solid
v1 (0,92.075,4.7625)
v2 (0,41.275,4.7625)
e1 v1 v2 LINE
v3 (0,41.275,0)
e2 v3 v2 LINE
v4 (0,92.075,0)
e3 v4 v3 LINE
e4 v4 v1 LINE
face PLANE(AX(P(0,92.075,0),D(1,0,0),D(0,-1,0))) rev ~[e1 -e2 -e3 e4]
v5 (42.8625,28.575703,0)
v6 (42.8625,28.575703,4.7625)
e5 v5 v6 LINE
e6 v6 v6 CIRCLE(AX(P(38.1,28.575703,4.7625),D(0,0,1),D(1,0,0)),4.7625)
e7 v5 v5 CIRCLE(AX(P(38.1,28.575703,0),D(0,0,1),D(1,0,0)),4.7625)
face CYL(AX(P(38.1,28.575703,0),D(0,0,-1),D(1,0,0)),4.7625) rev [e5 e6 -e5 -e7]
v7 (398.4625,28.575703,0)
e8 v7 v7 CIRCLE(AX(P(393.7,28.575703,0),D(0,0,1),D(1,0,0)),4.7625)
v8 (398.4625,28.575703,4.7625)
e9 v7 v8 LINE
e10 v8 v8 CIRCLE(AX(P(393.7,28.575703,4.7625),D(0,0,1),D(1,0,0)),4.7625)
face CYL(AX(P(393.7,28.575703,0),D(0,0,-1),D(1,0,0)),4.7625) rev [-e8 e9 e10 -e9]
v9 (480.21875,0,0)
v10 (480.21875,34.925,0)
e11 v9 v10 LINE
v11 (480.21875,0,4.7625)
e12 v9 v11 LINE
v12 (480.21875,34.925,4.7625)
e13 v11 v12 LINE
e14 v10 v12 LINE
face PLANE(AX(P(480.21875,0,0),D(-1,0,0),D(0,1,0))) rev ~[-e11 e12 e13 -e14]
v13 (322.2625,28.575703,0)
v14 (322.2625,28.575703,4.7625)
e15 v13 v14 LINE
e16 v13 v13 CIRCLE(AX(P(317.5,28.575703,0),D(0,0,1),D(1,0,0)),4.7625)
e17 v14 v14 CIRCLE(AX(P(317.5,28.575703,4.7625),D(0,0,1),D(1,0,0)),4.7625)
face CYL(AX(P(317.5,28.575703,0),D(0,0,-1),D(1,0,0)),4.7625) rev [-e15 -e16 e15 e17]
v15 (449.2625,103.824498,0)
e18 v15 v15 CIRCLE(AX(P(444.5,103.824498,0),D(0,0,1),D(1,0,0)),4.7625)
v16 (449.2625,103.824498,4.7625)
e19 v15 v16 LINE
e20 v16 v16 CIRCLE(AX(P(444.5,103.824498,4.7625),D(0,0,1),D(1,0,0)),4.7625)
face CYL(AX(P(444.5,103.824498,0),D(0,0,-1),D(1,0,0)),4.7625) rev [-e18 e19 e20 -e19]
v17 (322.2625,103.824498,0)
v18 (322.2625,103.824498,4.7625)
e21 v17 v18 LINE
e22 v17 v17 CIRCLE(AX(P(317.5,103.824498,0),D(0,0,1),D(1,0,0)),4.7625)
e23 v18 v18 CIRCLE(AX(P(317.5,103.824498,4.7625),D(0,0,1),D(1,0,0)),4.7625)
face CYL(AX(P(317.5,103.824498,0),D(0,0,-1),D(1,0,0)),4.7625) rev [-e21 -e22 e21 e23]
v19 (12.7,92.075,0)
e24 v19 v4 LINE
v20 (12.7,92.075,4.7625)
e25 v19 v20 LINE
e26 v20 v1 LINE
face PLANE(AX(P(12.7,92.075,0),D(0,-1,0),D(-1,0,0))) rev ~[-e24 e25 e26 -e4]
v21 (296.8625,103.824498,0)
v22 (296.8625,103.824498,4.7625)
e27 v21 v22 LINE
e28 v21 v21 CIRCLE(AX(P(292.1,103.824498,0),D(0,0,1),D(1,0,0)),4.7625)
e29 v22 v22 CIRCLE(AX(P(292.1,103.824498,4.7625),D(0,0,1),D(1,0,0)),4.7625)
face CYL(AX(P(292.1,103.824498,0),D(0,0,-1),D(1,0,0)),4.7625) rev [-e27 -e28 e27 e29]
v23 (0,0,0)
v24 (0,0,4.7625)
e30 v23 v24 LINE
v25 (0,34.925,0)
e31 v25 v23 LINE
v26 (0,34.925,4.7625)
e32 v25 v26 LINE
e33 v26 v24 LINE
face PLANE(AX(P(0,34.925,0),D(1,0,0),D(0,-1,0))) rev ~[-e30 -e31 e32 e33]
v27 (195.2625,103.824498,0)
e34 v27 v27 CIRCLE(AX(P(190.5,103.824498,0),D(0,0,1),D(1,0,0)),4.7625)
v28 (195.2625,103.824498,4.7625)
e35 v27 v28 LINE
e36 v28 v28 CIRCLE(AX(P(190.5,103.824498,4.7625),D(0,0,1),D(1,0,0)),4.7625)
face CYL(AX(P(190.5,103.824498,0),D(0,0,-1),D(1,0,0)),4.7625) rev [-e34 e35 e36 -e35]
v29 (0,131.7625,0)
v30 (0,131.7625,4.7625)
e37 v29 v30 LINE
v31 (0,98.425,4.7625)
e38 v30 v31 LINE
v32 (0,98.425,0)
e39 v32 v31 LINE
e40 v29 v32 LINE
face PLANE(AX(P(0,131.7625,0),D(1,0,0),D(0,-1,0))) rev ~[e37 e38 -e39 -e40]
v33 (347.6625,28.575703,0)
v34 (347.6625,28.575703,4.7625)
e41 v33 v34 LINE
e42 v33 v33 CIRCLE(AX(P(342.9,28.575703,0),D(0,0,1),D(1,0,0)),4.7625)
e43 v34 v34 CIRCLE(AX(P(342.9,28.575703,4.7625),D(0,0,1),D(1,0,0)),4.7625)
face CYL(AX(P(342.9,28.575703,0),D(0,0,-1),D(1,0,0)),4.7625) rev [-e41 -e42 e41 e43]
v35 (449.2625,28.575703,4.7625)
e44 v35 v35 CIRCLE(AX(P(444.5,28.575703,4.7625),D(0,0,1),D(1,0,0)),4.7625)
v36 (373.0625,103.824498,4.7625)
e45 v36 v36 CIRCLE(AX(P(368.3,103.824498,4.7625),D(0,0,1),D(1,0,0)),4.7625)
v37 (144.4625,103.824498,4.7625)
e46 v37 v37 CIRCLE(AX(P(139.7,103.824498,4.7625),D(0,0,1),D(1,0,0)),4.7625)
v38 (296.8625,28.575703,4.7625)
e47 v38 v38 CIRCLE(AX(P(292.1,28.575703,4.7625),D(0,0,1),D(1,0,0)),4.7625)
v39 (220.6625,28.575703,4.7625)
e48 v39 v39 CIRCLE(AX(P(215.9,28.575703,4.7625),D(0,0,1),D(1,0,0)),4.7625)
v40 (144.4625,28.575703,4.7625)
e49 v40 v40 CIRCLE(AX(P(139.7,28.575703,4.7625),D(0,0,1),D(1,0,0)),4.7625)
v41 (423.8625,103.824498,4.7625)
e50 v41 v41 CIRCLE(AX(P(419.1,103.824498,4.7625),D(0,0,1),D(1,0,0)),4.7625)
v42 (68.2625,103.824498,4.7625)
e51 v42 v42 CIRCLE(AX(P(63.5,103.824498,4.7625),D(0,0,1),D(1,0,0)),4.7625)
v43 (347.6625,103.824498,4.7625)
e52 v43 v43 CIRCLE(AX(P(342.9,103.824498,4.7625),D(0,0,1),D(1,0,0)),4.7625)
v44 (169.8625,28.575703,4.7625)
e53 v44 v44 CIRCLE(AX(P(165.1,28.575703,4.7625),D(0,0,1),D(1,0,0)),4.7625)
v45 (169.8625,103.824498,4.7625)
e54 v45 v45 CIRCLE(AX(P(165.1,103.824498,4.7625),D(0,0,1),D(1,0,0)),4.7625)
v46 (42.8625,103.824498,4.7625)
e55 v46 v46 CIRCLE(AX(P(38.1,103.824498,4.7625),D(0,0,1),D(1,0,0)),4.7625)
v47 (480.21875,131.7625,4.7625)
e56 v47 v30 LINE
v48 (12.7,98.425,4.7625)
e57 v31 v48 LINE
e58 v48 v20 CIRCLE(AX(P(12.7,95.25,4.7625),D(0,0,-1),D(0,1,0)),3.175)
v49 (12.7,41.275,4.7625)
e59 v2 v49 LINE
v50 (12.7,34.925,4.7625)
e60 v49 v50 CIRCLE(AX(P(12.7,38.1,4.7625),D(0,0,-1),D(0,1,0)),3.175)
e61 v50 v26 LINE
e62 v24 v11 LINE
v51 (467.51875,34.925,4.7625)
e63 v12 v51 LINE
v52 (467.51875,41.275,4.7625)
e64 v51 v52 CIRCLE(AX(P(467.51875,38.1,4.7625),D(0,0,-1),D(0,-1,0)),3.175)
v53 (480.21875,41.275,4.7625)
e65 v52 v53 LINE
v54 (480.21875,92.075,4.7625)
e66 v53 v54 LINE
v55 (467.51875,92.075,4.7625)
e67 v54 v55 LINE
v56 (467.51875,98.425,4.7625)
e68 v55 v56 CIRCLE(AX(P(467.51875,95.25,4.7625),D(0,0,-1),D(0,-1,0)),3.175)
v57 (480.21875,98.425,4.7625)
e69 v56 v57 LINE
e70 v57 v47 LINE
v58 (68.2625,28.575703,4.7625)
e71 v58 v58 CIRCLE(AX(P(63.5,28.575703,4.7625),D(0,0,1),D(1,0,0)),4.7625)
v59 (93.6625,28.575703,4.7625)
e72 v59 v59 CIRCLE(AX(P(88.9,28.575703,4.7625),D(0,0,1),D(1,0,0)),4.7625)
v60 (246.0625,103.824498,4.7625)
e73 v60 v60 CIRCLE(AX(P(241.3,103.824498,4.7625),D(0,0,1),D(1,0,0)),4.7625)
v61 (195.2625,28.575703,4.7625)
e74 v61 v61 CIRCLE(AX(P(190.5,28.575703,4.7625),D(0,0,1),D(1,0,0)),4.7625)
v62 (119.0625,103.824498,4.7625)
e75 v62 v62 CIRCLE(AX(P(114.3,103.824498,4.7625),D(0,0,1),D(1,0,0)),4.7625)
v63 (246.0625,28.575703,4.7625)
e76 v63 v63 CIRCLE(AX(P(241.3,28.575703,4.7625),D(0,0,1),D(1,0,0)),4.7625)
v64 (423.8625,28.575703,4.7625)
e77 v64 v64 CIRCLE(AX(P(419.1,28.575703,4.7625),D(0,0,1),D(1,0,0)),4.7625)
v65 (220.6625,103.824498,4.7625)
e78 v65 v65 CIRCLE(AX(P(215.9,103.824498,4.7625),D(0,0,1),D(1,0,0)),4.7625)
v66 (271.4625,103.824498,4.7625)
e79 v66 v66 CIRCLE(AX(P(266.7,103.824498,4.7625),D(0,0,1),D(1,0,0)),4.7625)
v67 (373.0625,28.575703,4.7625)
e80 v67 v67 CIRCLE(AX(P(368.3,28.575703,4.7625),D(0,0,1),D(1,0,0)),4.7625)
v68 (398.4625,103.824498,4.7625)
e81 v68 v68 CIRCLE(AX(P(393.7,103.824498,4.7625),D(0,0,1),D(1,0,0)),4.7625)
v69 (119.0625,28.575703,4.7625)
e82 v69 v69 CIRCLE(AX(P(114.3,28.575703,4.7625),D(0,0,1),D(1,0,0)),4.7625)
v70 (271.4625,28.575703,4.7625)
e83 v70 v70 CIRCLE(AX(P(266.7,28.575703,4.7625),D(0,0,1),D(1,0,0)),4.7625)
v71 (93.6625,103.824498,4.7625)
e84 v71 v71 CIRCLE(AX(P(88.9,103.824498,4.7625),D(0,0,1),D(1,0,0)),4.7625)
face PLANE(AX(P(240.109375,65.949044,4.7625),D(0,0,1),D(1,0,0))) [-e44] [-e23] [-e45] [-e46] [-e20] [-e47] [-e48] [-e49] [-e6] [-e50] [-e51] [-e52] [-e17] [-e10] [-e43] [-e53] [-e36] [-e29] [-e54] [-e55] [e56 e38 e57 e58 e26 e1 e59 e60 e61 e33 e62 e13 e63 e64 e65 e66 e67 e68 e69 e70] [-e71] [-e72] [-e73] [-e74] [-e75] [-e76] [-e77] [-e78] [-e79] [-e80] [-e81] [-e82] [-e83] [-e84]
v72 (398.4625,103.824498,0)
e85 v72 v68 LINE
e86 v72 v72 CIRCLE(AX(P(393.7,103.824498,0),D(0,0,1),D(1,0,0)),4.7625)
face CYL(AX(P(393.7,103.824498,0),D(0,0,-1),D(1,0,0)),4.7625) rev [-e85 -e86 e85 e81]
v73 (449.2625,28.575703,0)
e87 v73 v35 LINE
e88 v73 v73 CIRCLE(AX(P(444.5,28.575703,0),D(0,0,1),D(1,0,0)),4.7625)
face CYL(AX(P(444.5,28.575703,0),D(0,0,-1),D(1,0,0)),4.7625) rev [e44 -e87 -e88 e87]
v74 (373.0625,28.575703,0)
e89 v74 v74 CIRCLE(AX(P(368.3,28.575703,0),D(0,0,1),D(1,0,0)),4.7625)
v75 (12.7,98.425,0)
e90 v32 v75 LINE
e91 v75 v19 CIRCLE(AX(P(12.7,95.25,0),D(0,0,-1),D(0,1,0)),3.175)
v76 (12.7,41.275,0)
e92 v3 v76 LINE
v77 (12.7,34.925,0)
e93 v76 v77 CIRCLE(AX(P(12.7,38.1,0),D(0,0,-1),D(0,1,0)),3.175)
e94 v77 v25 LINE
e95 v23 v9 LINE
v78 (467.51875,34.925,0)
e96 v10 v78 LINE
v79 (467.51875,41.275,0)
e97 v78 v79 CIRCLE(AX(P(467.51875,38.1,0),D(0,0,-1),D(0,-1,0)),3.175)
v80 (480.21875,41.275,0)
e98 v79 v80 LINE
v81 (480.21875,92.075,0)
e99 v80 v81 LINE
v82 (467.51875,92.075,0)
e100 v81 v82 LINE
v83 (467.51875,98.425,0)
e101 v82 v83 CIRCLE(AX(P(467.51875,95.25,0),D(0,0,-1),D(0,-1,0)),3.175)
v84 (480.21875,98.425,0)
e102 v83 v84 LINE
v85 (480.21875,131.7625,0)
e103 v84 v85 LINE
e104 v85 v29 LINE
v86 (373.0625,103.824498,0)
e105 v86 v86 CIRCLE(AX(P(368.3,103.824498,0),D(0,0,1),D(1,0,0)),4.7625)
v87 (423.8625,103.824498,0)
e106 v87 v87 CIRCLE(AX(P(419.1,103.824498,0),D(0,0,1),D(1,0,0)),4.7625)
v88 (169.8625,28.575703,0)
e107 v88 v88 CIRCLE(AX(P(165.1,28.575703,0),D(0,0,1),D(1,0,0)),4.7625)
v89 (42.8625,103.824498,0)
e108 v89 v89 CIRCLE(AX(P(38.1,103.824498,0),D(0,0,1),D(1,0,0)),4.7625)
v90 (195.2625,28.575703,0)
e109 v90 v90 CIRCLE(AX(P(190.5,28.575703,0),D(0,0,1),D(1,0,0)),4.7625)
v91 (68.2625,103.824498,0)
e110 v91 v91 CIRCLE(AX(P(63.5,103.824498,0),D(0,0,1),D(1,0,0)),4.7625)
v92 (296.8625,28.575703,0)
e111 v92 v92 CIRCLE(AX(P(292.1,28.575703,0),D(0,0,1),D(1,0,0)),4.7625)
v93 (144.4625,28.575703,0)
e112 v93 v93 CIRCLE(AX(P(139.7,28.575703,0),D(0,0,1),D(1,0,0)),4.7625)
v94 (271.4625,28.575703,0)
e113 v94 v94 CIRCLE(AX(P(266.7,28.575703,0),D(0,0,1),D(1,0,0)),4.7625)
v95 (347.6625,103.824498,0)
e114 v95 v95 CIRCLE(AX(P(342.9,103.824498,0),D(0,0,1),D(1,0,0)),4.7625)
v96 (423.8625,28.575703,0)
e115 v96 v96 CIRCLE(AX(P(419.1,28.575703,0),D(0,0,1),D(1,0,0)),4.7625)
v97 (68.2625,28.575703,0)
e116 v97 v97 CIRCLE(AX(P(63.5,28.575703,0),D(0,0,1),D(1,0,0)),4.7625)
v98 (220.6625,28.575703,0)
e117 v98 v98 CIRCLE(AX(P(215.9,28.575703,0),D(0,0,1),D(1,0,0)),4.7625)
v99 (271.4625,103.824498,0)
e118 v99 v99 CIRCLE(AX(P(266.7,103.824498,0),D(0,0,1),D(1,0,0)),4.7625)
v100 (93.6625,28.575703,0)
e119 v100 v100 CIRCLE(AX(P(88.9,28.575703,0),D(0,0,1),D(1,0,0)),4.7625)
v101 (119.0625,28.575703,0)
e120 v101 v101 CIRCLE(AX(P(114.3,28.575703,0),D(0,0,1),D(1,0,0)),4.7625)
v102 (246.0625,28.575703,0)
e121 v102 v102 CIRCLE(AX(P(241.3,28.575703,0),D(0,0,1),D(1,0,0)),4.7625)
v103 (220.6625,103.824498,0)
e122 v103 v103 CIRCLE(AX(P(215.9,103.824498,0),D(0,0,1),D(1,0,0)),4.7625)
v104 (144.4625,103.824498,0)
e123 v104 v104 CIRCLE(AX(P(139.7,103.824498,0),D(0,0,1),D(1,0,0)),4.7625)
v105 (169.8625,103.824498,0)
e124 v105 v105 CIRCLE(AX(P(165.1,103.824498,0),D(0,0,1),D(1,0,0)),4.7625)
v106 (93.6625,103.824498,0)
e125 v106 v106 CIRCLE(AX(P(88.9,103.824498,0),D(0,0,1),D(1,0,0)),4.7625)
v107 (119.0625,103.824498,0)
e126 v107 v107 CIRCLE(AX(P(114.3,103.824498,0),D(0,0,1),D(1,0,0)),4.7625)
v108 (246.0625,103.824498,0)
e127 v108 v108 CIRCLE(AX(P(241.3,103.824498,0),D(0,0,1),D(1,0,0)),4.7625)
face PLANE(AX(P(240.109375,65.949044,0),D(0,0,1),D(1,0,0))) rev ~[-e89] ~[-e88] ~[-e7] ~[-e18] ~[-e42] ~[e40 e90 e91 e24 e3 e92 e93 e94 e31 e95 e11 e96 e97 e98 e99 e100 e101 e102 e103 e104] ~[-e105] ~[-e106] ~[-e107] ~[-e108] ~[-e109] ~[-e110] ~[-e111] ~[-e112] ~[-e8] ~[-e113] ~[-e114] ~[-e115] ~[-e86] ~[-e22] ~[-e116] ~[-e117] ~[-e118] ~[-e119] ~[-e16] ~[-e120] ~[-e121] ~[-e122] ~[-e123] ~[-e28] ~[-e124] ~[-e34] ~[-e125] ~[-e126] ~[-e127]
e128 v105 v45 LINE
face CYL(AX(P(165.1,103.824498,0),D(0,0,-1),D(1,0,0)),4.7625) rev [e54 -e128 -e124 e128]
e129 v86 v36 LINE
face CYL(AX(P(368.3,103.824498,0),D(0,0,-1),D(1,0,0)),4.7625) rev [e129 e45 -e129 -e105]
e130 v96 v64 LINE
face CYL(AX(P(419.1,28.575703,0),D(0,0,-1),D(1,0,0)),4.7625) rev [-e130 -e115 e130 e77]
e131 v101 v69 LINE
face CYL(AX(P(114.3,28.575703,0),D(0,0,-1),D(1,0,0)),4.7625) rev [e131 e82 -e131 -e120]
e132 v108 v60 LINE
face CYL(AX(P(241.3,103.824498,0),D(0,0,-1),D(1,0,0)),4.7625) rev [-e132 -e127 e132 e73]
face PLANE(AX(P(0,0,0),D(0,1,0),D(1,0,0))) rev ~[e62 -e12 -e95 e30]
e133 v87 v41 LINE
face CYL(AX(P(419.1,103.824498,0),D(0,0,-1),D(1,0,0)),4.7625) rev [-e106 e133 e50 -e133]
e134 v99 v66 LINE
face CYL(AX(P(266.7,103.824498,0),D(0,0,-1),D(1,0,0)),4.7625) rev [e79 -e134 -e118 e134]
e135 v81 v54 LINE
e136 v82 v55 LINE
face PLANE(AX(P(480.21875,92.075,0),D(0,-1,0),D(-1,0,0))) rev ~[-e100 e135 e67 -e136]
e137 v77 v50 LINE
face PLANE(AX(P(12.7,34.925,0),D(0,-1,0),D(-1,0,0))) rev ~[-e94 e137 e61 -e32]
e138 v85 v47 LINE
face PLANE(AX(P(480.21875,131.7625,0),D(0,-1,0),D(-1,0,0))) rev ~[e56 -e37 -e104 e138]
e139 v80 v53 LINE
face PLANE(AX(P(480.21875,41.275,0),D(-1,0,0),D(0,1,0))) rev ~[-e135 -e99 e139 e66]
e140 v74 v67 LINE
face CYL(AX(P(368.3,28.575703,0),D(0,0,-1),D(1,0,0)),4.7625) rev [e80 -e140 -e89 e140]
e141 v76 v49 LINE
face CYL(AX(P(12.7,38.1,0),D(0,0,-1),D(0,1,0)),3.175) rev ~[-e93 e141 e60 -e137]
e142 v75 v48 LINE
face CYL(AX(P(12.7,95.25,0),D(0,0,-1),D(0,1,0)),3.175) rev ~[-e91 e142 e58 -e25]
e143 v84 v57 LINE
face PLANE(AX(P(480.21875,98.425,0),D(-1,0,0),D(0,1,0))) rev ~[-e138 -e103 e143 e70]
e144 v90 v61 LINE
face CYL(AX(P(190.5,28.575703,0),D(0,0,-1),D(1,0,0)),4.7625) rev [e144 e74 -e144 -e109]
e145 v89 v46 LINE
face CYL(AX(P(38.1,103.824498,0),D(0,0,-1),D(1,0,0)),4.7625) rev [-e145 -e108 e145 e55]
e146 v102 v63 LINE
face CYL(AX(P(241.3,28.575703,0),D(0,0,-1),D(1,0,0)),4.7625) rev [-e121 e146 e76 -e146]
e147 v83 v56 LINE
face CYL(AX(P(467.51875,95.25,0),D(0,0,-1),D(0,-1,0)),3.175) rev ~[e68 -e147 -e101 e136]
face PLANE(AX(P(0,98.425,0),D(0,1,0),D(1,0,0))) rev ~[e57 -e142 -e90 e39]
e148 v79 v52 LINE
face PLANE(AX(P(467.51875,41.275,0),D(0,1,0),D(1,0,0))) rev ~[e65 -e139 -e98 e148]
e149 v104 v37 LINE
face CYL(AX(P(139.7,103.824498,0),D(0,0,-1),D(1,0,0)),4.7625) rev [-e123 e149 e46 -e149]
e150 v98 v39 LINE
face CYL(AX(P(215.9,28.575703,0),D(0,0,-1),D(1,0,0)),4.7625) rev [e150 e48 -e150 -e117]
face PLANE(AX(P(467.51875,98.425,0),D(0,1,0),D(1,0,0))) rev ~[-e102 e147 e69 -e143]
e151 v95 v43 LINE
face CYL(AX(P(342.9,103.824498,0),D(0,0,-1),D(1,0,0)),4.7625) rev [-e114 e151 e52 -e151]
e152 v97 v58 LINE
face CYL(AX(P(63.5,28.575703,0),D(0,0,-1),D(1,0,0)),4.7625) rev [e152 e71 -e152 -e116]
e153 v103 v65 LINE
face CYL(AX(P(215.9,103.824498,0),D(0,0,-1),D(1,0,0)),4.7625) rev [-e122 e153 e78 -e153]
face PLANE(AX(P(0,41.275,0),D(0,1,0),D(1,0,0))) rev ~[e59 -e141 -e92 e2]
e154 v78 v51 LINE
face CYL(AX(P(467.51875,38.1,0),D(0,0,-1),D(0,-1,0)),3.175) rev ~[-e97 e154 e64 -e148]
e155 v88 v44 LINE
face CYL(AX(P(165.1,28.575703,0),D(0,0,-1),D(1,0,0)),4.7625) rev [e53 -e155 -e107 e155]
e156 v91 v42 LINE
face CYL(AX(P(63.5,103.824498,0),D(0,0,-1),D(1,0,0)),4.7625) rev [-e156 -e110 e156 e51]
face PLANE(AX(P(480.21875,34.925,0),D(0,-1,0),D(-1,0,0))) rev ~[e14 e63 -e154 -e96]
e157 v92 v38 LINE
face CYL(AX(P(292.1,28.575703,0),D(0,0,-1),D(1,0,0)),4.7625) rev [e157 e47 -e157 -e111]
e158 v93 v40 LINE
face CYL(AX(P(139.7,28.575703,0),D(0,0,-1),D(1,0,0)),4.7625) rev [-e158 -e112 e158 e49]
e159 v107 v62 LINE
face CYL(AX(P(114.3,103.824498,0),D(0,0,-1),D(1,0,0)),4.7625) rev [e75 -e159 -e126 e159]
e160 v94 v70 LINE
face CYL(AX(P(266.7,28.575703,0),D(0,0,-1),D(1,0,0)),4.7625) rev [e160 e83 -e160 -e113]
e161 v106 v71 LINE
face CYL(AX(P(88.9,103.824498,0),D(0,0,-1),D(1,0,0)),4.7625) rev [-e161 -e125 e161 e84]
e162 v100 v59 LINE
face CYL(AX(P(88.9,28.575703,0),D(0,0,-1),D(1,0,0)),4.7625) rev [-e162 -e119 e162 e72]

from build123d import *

# Parameters (mm, degrees)
SKETCH1_R           = 4.7625
BOSS_EXTRUDE1_DEPTH = 4.7625


with BuildPart() as part:
    # Sketch1 → Boss-Extrude1 (new body)
    with BuildSketch(Plane.XY):
        with BuildLine():
            Line((0, 98.425), (12.7, 98.425))
            ThreePointArc((12.7, 98.425), (15.875, 95.25), (12.7, 92.075))
            Line((12.7, 92.075), (0, 92.075))
            Line((0, 92.075), (0, 41.275))
            Line((0, 41.275), (12.7, 41.275))
            ThreePointArc((12.7, 41.275), (15.875, 38.1), (12.7, 34.925))
            Line((12.7, 34.925), (0, 34.925))
            Line((0, 34.925), (0, 0))
            Line((0, 0), (480.21875, 0))
            Line((480.21875, 0), (480.21875, 34.925))
            Line((480.21875, 34.925), (467.51875, 34.925))
            ThreePointArc((467.51875, 34.925), (464.34375, 38.1), (467.51875, 41.275))
            Line((467.51875, 41.275), (480.21875, 41.275))
            Line((480.21875, 41.275), (480.21875, 92.075))
            Line((480.21875, 92.075), (467.51875, 92.075))
            ThreePointArc((467.51875, 92.075), (464.34375, 95.25), (467.51875, 98.425))
            Line((467.51875, 98.425), (480.21875, 98.425))
            Line((480.21875, 98.425), (480.21875, 131.7625))
            Line((480.21875, 131.7625), (0, 131.7625))
            Line((0, 131.7625), (0, 98.425))
        make_face()
        with Locations((38.1, 103.82449821)):
            Circle(SKETCH1_R, mode=Mode.SUBTRACT)
        with Locations((38.1, 28.575703441)):
            Circle(SKETCH1_R, mode=Mode.SUBTRACT)
        with Locations((63.5, 103.82449821)):
            Circle(SKETCH1_R, mode=Mode.SUBTRACT)
        with Locations((63.5, 28.575703441)):
            Circle(SKETCH1_R, mode=Mode.SUBTRACT)
        with Locations((88.9, 103.82449821)):
            Circle(SKETCH1_R, mode=Mode.SUBTRACT)
        with Locations((88.9, 28.575703441)):
            Circle(SKETCH1_R, mode=Mode.SUBTRACT)
        with Locations((114.3, 103.82449821)):
            Circle(SKETCH1_R, mode=Mode.SUBTRACT)
        with Locations((114.3, 28.575703441)):
            Circle(SKETCH1_R, mode=Mode.SUBTRACT)
        with Locations((139.7, 103.82449821)):
            Circle(SKETCH1_R, mode=Mode.SUBTRACT)
        with Locations((139.7, 28.575703441)):
            Circle(SKETCH1_R, mode=Mode.SUBTRACT)
        with Locations((165.1, 103.82449821)):
            Circle(SKETCH1_R, mode=Mode.SUBTRACT)
        with Locations((165.1, 28.575703441)):
            Circle(SKETCH1_R, mode=Mode.SUBTRACT)
        with Locations((190.5, 103.82449821)):
            Circle(SKETCH1_R, mode=Mode.SUBTRACT)
        with Locations((190.5, 28.575703441)):
            Circle(SKETCH1_R, mode=Mode.SUBTRACT)
        with Locations((215.9, 103.82449821)):
            Circle(SKETCH1_R, mode=Mode.SUBTRACT)
        with Locations((215.9, 28.575703441)):
            Circle(SKETCH1_R, mode=Mode.SUBTRACT)
        with Locations((241.3, 103.82449821)):
            Circle(SKETCH1_R, mode=Mode.SUBTRACT)
        with Locations((241.3, 28.575703441)):
            Circle(SKETCH1_R, mode=Mode.SUBTRACT)
        with Locations((266.7, 103.82449821)):
            Circle(SKETCH1_R, mode=Mode.SUBTRACT)
        with Locations((266.7, 28.575703441)):
            Circle(SKETCH1_R, mode=Mode.SUBTRACT)
        with Locations((292.1, 103.82449821)):
            Circle(SKETCH1_R, mode=Mode.SUBTRACT)
        with Locations((292.1, 28.575703441)):
            Circle(SKETCH1_R, mode=Mode.SUBTRACT)
        with Locations((317.5, 103.82449821)):
            Circle(SKETCH1_R, mode=Mode.SUBTRACT)
        with Locations((317.5, 28.575703441)):
            Circle(SKETCH1_R, mode=Mode.SUBTRACT)
        with Locations((342.9, 103.82449821)):
            Circle(SKETCH1_R, mode=Mode.SUBTRACT)
        with Locations((342.9, 28.575703441)):
            Circle(SKETCH1_R, mode=Mode.SUBTRACT)
        with Locations((368.3, 103.82449821)):
            Circle(SKETCH1_R, mode=Mode.SUBTRACT)
        with Locations((368.3, 28.575703441)):
            Circle(SKETCH1_R, mode=Mode.SUBTRACT)
        with Locations((393.7, 103.82449821)):
            Circle(SKETCH1_R, mode=Mode.SUBTRACT)
        with Locations((393.7, 28.575703441)):
            Circle(SKETCH1_R, mode=Mode.SUBTRACT)
        with Locations((419.1, 103.82449821)):
            Circle(SKETCH1_R, mode=Mode.SUBTRACT)
        with Locations((419.1, 28.575703441)):
            Circle(SKETCH1_R, mode=Mode.SUBTRACT)
        with Locations((444.5, 103.82449821)):
            Circle(SKETCH1_R, mode=Mode.SUBTRACT)
        with Locations((444.5, 28.575703441)):
            Circle(SKETCH1_R, mode=Mode.SUBTRACT)
    extrude(amount=BOSS_EXTRUDE1_DEPTH)


solid = part.part
